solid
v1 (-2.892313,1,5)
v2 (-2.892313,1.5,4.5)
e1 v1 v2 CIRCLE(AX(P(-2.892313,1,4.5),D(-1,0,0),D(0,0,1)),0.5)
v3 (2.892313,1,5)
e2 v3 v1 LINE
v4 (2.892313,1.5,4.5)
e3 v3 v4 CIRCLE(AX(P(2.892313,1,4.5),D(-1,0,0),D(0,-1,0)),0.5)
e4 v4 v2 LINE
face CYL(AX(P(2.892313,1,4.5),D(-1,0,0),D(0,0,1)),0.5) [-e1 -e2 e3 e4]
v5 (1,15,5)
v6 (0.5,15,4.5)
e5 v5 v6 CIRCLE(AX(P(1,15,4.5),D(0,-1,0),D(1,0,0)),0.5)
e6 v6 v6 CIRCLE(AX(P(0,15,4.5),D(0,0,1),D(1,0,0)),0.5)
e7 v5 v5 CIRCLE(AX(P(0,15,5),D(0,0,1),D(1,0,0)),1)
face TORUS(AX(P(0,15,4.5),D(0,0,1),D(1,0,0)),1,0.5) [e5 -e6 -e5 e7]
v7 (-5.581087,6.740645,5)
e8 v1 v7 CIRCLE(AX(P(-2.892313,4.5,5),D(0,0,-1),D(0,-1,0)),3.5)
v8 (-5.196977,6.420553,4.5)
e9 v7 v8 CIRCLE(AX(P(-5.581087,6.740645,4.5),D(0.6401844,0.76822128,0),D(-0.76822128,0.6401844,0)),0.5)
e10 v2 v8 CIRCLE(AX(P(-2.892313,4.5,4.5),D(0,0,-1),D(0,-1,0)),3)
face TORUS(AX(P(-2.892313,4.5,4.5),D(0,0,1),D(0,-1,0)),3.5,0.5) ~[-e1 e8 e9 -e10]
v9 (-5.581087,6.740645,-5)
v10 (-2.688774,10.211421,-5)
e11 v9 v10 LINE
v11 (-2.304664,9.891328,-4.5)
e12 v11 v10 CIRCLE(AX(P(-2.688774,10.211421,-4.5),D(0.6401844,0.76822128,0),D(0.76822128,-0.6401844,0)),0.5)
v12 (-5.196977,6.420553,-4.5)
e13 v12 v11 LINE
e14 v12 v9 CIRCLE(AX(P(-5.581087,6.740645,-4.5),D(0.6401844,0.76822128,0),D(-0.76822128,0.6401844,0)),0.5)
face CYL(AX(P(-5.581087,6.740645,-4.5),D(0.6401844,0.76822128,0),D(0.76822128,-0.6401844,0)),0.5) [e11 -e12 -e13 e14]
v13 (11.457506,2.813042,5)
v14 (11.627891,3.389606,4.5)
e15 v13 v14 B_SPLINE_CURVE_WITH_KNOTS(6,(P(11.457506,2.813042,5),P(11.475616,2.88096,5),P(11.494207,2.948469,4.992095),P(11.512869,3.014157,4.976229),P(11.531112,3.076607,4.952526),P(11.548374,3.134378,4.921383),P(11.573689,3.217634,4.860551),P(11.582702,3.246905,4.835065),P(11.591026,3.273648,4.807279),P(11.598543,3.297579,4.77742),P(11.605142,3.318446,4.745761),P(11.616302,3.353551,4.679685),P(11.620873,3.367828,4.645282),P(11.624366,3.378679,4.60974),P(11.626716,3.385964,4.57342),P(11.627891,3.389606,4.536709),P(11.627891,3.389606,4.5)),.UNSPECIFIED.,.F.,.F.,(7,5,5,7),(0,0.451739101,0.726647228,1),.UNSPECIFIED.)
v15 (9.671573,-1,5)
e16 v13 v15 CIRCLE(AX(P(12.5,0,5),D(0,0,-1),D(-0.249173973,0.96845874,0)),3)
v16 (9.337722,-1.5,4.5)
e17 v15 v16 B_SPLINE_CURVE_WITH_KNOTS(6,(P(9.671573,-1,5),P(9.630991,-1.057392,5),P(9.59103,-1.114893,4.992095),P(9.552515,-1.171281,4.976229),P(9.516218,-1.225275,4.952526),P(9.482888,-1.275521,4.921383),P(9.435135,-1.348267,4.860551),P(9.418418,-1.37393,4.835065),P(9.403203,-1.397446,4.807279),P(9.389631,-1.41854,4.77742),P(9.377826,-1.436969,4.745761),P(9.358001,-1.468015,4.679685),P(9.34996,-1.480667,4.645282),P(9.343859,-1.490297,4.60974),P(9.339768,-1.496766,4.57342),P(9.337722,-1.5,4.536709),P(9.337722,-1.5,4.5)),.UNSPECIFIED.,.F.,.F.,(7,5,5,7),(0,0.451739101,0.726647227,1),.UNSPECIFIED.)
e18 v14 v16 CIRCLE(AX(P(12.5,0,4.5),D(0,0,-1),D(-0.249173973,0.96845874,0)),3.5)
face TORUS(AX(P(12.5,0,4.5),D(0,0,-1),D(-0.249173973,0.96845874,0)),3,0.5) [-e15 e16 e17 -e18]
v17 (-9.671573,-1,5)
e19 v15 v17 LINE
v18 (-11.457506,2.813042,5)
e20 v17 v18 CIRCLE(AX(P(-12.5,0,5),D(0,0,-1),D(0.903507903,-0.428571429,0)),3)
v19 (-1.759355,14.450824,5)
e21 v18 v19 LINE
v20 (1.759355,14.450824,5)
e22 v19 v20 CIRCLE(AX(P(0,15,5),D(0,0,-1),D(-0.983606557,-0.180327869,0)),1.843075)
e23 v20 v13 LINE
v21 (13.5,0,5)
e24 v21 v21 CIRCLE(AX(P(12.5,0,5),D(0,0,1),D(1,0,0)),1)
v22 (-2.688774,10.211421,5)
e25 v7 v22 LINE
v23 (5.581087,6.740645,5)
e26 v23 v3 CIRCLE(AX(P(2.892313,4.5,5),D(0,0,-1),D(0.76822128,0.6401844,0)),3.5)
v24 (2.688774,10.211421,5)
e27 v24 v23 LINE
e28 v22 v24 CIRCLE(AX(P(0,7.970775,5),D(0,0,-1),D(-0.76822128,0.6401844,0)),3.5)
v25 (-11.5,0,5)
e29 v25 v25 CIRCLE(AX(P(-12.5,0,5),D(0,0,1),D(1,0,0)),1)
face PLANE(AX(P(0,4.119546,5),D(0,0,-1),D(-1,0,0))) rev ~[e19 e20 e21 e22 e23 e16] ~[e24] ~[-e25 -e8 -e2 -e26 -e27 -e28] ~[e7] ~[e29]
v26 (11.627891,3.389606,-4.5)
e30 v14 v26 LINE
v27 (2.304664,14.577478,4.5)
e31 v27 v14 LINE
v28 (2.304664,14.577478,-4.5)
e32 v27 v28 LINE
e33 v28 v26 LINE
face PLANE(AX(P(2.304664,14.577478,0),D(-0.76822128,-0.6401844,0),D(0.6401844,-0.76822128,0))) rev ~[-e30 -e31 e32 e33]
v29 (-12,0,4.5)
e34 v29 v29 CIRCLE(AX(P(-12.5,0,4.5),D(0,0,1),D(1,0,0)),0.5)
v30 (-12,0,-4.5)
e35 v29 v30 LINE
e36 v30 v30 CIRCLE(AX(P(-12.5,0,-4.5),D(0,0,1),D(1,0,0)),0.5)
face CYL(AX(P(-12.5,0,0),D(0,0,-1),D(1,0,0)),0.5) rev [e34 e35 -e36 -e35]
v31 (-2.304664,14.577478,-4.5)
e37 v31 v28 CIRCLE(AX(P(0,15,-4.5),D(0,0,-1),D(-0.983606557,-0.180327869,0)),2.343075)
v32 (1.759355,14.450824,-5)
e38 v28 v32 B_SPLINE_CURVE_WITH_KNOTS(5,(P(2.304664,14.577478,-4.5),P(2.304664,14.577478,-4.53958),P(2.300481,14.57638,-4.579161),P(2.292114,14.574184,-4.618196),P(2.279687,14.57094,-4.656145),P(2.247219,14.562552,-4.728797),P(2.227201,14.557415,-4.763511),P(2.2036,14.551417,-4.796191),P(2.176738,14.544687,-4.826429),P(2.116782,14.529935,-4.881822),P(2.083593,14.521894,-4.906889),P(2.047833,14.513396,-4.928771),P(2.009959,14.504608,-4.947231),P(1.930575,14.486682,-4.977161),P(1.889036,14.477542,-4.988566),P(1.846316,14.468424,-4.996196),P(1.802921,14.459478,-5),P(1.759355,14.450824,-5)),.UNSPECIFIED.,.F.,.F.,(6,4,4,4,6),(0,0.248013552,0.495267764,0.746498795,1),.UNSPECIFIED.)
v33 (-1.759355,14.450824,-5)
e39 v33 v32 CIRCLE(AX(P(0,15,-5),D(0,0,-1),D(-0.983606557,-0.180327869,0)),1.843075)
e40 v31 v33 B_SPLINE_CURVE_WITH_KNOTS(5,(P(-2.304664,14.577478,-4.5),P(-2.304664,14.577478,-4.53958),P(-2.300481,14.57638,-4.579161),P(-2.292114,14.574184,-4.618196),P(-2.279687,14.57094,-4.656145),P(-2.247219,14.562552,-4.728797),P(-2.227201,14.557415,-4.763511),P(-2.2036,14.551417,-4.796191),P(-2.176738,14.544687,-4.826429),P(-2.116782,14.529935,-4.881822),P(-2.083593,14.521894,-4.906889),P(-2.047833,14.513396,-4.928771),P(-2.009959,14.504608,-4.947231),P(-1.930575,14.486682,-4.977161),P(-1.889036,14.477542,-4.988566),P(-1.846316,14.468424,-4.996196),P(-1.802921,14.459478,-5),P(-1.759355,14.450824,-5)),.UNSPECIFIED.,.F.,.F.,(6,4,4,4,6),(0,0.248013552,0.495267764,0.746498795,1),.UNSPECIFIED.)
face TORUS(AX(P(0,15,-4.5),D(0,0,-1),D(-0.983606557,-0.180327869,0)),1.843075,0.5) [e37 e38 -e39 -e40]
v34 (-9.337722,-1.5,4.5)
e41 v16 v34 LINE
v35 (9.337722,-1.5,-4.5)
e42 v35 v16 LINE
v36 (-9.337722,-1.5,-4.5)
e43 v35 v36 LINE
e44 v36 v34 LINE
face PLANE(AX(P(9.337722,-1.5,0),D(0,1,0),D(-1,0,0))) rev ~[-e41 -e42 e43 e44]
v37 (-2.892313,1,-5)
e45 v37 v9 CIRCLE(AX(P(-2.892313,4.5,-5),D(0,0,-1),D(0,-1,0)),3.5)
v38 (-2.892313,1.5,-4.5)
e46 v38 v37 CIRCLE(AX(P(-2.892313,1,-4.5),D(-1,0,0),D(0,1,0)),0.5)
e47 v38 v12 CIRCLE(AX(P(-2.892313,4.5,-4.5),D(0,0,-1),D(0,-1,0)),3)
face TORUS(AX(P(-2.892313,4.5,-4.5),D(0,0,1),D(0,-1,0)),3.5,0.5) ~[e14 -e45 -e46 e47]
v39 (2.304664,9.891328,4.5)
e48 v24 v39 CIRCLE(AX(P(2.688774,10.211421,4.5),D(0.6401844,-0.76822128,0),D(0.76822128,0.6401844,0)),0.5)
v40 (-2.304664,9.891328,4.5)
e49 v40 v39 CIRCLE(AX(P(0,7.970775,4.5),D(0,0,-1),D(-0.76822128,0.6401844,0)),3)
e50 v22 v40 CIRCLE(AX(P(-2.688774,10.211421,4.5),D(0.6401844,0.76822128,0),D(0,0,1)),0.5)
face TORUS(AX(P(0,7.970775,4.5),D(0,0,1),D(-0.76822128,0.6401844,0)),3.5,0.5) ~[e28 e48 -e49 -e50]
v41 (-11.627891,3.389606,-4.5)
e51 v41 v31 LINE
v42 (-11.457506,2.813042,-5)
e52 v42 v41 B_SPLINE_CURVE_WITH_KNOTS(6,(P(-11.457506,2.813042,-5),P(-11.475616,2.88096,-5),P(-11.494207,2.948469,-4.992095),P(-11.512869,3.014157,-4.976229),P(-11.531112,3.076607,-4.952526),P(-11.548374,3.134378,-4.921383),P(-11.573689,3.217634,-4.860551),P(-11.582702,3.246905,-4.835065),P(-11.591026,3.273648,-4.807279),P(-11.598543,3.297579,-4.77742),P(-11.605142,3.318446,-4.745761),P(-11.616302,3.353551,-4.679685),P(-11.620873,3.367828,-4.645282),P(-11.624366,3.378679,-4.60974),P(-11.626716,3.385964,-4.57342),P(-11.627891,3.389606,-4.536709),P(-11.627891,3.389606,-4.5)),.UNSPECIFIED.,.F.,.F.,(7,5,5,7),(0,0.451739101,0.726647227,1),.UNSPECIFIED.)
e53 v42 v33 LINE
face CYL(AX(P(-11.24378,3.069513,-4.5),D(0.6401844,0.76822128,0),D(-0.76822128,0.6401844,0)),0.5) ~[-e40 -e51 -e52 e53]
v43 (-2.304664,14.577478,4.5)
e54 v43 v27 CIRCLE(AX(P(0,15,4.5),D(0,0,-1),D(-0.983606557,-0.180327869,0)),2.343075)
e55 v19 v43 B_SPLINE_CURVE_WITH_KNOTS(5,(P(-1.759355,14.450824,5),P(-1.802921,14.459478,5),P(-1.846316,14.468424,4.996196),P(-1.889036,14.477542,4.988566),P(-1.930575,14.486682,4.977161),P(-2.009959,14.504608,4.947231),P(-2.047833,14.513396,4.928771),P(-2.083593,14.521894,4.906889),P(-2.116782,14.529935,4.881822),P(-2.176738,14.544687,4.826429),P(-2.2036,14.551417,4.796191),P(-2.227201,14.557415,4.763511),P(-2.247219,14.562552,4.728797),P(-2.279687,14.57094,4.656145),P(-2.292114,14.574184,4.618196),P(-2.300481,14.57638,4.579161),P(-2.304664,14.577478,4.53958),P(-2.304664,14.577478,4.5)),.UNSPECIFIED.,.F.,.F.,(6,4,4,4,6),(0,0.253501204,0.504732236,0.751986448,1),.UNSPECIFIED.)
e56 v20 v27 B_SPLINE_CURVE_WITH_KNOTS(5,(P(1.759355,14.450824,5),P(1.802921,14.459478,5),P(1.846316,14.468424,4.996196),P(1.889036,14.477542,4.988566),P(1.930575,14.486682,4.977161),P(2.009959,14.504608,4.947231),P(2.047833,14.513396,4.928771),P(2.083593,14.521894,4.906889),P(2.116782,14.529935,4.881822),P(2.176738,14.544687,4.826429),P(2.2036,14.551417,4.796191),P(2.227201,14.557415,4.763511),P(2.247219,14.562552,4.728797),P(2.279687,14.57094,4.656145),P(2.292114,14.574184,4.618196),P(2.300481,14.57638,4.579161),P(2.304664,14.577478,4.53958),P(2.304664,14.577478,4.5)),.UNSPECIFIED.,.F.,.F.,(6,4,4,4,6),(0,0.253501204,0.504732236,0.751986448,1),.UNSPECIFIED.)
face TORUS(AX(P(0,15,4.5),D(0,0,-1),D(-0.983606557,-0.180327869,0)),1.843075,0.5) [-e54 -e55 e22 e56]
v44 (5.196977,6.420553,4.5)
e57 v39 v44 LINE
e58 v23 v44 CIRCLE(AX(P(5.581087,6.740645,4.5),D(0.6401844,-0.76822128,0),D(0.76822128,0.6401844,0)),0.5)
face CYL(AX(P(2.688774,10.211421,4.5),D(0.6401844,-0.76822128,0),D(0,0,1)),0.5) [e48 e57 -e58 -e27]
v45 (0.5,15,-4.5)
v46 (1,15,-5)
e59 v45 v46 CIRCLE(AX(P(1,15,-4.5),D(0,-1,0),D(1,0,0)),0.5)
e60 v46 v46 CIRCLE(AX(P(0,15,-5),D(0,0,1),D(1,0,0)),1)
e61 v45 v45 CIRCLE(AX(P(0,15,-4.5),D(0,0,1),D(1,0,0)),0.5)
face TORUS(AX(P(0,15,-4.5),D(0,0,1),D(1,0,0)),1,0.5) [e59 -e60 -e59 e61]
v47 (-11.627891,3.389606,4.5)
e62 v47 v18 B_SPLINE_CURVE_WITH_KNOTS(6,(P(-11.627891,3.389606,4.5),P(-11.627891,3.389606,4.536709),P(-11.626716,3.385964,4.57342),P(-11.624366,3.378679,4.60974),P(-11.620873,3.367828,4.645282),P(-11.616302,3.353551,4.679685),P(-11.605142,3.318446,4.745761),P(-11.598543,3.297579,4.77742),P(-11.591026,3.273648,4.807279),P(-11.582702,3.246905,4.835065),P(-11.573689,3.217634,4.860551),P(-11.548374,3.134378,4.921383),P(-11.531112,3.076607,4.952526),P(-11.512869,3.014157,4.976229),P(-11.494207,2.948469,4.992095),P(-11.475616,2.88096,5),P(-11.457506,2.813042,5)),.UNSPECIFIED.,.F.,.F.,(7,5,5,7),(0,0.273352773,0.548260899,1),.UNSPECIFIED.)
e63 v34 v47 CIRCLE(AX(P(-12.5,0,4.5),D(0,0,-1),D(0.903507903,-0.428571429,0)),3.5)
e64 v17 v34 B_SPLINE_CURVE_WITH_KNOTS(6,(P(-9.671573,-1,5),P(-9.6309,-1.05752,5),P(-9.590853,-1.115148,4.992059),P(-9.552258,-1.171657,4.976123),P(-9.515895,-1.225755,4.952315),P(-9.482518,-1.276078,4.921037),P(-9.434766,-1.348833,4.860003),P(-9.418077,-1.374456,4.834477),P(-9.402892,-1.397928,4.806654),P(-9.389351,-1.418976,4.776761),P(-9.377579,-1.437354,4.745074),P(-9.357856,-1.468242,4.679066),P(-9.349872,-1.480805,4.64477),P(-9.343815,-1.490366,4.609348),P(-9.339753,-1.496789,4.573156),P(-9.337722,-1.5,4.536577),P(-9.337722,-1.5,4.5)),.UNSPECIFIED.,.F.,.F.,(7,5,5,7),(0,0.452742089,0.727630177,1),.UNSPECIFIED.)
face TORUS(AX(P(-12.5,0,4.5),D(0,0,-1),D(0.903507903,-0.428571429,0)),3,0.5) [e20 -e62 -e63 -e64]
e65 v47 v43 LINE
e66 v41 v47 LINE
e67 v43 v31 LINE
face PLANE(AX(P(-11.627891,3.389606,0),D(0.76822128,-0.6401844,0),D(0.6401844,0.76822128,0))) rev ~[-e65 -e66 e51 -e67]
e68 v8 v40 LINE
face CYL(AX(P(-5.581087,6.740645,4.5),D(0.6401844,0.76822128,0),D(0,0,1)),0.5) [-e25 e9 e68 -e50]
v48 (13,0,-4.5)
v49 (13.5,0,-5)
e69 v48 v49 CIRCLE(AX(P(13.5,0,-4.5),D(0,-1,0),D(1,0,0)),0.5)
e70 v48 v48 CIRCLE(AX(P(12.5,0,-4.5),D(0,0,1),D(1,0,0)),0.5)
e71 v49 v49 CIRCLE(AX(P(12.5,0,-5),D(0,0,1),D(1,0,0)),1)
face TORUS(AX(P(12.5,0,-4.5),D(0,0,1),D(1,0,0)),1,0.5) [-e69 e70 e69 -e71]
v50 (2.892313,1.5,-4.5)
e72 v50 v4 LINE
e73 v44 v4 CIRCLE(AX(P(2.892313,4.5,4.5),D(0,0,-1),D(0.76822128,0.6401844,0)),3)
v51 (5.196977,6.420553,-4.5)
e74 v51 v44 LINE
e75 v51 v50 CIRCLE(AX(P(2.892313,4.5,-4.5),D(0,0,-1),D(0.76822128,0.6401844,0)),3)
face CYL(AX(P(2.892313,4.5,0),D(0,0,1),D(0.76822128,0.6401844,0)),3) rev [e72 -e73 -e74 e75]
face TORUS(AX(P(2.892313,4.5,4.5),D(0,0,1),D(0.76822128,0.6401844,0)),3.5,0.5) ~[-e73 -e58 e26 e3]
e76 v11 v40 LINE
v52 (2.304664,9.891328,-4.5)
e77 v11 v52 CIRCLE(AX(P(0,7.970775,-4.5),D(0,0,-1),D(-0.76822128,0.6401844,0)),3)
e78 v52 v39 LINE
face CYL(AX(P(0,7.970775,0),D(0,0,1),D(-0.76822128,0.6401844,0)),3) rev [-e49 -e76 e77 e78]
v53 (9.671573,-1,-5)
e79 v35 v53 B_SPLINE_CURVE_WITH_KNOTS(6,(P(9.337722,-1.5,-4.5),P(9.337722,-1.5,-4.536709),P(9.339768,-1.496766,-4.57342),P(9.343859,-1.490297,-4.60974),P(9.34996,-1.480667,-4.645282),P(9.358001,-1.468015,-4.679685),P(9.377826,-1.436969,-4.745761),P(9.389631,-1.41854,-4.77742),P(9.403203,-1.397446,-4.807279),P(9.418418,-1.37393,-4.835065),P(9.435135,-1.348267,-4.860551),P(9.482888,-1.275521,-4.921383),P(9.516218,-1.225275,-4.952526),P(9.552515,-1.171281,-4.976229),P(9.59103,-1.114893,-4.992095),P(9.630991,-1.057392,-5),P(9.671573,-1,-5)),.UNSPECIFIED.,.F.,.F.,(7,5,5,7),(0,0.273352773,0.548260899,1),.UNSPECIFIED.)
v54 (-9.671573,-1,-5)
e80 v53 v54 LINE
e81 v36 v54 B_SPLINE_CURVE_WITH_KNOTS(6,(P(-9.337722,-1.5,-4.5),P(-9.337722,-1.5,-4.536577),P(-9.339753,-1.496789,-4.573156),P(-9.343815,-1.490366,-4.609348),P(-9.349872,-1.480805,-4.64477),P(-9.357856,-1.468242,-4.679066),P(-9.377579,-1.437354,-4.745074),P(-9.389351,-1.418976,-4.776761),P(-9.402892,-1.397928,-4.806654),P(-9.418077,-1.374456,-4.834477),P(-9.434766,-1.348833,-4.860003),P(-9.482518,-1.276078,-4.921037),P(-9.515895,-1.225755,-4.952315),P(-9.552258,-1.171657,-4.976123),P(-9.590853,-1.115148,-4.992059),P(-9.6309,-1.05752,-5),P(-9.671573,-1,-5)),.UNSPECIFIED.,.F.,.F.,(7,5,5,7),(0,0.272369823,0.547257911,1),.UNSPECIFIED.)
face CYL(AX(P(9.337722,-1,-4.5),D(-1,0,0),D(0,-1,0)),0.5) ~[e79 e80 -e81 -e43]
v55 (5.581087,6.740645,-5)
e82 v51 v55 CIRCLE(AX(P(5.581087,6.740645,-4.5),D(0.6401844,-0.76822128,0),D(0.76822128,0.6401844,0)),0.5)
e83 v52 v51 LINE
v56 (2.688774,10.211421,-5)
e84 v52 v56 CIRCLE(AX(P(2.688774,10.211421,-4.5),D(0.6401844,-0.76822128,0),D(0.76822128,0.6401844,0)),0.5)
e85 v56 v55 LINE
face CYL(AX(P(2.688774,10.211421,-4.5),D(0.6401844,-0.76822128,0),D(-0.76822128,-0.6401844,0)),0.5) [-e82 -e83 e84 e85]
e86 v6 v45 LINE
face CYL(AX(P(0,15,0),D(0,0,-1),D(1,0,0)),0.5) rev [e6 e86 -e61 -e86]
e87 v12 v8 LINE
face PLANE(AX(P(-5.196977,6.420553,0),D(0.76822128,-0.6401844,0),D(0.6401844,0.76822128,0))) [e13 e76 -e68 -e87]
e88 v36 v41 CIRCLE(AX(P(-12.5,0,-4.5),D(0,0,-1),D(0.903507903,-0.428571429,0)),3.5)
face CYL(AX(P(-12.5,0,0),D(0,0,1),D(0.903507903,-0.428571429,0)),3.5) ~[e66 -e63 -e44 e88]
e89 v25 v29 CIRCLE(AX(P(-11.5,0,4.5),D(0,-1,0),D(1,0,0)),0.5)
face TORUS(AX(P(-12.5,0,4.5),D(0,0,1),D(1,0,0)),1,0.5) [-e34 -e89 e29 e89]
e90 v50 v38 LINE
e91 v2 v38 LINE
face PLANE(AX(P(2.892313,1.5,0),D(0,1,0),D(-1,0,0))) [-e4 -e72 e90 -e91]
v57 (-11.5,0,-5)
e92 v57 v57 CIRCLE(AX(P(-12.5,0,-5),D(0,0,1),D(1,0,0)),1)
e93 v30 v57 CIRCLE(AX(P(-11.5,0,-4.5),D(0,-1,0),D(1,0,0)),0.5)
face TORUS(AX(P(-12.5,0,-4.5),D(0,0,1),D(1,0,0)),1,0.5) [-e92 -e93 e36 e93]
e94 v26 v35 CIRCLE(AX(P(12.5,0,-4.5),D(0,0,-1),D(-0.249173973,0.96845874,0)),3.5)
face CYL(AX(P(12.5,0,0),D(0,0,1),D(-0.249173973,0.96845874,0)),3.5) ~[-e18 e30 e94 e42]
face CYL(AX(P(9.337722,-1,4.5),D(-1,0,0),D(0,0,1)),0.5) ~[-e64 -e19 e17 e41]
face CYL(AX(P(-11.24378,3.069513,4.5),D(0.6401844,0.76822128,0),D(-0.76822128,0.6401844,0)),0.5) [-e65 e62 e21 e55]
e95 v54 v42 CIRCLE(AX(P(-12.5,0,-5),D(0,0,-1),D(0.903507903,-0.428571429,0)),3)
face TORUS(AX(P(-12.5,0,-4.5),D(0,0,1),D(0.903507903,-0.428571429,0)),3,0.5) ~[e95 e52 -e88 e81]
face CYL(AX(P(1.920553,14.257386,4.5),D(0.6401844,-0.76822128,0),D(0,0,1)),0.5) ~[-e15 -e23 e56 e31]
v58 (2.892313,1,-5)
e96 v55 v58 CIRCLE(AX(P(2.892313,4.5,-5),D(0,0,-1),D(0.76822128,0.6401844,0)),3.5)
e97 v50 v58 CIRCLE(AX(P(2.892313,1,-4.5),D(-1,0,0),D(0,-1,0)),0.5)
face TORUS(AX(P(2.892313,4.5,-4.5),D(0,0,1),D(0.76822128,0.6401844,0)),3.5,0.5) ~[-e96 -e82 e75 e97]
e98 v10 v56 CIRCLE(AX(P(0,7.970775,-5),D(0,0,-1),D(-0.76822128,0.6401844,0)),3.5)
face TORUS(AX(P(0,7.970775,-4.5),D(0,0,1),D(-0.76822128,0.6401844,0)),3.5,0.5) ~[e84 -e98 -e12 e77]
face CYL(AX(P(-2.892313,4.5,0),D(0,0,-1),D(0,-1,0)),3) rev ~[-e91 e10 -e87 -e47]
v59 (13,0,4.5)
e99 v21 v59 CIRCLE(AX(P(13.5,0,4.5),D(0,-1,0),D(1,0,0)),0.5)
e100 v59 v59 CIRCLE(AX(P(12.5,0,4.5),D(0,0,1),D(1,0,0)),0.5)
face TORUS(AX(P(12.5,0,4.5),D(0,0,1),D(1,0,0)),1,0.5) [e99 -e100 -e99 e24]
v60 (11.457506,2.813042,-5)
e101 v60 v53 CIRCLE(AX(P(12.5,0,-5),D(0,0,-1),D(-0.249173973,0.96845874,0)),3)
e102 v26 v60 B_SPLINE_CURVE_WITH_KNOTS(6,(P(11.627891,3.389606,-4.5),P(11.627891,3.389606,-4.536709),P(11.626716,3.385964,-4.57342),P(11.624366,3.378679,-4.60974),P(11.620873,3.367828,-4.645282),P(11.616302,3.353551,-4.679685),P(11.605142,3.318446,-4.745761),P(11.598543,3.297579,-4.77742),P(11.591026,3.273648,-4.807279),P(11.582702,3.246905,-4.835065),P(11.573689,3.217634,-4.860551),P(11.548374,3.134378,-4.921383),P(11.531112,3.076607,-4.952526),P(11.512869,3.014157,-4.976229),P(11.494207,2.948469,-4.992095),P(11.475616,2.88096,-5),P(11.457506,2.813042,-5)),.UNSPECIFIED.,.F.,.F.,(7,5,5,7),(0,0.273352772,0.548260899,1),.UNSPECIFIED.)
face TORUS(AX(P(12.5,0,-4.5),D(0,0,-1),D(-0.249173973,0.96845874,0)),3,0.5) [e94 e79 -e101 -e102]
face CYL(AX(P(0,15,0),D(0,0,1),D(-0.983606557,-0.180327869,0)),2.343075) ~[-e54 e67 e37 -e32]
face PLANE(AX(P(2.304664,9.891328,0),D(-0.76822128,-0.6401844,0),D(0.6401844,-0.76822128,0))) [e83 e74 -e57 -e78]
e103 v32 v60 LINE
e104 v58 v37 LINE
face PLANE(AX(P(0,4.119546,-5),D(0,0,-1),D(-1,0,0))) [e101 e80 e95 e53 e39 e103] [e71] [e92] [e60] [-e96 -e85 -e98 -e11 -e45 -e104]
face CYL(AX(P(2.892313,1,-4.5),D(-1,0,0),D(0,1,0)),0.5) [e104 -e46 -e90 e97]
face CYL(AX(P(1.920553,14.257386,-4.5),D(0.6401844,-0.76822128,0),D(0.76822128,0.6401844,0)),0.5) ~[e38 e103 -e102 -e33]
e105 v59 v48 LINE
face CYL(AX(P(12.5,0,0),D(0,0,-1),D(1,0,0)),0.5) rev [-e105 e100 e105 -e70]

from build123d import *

# Parameters (mm, degrees)
ESQUISSE1_R        = 0.5
BOSS_EXTRU_1_DEPTH = 5
CONG_2_R           = 0.5


with BuildPart() as part:
    # Esquisse1 → Boss.-Extru.1 (new body, symmetric)
    with BuildSketch(Plane.XY):
        with BuildLine():
            Line((-11.627891094, 3.38960559), (-2.304663839, 14.577478296))
            ThreePointArc((-2.304663839, 14.577478296), (0, 17.343074903), (2.304663839, 14.577478296))
            Line((2.304663839, 14.577478296), (11.627891094, 3.38960559))
            ThreePointArc((11.627891094, 3.38960559), (15.669562974, -1.484543887), (9.33772234, -1.5))
            Line((9.33772234, -1.5), (-9.33772234, -1.5))
            ThreePointArc((-9.33772234, -1.5), (-15.669562974, -1.484543887), (-11.627891094, 3.38960559))
        make_face()
        with Locations((-12.5, 0)):
            Circle(ESQUISSE1_R, mode=Mode.SUBTRACT)
        with Locations((0, 15)):
            Circle(ESQUISSE1_R, mode=Mode.SUBTRACT)
        with Locations((12.5, 0)):
            Circle(ESQUISSE1_R, mode=Mode.SUBTRACT)
        with BuildLine():
            Line((-5.196976582, 6.420553199), (-2.304663839, 9.891328491))
            ThreePointArc((-2.304663839, 9.891328491), (0, 10.970775292), (2.304663839, 9.891328491))
            Line((2.304663839, 9.891328491), (5.196976582, 6.420553199))
            ThreePointArc((5.196976582, 6.420553199), (5.609081007, 3.227533811), (2.892312743, 1.5))
            Line((2.892312743, 1.5), (-2.892312743, 1.5))
            ThreePointArc((-2.892312743, 1.5), (-5.609081007, 3.227533811), (-5.196976582, 6.420553199))
        make_face(mode=Mode.SUBTRACT)
    extrude(amount=BOSS_EXTRU_1_DEPTH, both=True)

    # Congé2
    cong_2_edges = [part.edges().sort_by_distance(p)[0] for p in [
        (0, 17.343074903, 5),
        (-6.966277466, 8.983541943, 5),
        (-13, 0, -5),
        (-13, 0, 5),
        (-15.669562974, -1.484543887, 5),
        (0, -1.5, 5),
        (5.609081007, 3.227533811, -5),
        (3.75082021, 8.155940845, -5),
        (0, 10.970775292, -5),
        (-3.75082021, 8.155940845, -5),
        (-5.609081007, 3.227533811, -5),
        (0, 1.5, -5),
        (5.609081007, 3.227533811, 5),
        (3.75082021, 8.155940845, 5),
        (0, 10.970775292, 5),
        (-3.75082021, 8.155940845, 5),
        (-5.609081007, 3.227533811, 5),
        (0, 1.5, 5),
        (-0.5, 15, -5),
        (-0.5, 15, 5),
        (12, 0, -5),
        (12, 0, 5),
        (15.669562974, -1.484543887, 5),
        (0, -1.5, -5),
        (-15.669562974, -1.484543887, -5),
        (-6.966277466, 8.983541943, -5),
        (0, 17.343074903, -5),
        (6.966277466, 8.983541943, -5),
        (15.669562974, -1.484543887, -5),
        (6.966277466, 8.983541943, 5),
    ]]
    fillet(cong_2_edges, radius=CONG_2_R)


solid = part.part
